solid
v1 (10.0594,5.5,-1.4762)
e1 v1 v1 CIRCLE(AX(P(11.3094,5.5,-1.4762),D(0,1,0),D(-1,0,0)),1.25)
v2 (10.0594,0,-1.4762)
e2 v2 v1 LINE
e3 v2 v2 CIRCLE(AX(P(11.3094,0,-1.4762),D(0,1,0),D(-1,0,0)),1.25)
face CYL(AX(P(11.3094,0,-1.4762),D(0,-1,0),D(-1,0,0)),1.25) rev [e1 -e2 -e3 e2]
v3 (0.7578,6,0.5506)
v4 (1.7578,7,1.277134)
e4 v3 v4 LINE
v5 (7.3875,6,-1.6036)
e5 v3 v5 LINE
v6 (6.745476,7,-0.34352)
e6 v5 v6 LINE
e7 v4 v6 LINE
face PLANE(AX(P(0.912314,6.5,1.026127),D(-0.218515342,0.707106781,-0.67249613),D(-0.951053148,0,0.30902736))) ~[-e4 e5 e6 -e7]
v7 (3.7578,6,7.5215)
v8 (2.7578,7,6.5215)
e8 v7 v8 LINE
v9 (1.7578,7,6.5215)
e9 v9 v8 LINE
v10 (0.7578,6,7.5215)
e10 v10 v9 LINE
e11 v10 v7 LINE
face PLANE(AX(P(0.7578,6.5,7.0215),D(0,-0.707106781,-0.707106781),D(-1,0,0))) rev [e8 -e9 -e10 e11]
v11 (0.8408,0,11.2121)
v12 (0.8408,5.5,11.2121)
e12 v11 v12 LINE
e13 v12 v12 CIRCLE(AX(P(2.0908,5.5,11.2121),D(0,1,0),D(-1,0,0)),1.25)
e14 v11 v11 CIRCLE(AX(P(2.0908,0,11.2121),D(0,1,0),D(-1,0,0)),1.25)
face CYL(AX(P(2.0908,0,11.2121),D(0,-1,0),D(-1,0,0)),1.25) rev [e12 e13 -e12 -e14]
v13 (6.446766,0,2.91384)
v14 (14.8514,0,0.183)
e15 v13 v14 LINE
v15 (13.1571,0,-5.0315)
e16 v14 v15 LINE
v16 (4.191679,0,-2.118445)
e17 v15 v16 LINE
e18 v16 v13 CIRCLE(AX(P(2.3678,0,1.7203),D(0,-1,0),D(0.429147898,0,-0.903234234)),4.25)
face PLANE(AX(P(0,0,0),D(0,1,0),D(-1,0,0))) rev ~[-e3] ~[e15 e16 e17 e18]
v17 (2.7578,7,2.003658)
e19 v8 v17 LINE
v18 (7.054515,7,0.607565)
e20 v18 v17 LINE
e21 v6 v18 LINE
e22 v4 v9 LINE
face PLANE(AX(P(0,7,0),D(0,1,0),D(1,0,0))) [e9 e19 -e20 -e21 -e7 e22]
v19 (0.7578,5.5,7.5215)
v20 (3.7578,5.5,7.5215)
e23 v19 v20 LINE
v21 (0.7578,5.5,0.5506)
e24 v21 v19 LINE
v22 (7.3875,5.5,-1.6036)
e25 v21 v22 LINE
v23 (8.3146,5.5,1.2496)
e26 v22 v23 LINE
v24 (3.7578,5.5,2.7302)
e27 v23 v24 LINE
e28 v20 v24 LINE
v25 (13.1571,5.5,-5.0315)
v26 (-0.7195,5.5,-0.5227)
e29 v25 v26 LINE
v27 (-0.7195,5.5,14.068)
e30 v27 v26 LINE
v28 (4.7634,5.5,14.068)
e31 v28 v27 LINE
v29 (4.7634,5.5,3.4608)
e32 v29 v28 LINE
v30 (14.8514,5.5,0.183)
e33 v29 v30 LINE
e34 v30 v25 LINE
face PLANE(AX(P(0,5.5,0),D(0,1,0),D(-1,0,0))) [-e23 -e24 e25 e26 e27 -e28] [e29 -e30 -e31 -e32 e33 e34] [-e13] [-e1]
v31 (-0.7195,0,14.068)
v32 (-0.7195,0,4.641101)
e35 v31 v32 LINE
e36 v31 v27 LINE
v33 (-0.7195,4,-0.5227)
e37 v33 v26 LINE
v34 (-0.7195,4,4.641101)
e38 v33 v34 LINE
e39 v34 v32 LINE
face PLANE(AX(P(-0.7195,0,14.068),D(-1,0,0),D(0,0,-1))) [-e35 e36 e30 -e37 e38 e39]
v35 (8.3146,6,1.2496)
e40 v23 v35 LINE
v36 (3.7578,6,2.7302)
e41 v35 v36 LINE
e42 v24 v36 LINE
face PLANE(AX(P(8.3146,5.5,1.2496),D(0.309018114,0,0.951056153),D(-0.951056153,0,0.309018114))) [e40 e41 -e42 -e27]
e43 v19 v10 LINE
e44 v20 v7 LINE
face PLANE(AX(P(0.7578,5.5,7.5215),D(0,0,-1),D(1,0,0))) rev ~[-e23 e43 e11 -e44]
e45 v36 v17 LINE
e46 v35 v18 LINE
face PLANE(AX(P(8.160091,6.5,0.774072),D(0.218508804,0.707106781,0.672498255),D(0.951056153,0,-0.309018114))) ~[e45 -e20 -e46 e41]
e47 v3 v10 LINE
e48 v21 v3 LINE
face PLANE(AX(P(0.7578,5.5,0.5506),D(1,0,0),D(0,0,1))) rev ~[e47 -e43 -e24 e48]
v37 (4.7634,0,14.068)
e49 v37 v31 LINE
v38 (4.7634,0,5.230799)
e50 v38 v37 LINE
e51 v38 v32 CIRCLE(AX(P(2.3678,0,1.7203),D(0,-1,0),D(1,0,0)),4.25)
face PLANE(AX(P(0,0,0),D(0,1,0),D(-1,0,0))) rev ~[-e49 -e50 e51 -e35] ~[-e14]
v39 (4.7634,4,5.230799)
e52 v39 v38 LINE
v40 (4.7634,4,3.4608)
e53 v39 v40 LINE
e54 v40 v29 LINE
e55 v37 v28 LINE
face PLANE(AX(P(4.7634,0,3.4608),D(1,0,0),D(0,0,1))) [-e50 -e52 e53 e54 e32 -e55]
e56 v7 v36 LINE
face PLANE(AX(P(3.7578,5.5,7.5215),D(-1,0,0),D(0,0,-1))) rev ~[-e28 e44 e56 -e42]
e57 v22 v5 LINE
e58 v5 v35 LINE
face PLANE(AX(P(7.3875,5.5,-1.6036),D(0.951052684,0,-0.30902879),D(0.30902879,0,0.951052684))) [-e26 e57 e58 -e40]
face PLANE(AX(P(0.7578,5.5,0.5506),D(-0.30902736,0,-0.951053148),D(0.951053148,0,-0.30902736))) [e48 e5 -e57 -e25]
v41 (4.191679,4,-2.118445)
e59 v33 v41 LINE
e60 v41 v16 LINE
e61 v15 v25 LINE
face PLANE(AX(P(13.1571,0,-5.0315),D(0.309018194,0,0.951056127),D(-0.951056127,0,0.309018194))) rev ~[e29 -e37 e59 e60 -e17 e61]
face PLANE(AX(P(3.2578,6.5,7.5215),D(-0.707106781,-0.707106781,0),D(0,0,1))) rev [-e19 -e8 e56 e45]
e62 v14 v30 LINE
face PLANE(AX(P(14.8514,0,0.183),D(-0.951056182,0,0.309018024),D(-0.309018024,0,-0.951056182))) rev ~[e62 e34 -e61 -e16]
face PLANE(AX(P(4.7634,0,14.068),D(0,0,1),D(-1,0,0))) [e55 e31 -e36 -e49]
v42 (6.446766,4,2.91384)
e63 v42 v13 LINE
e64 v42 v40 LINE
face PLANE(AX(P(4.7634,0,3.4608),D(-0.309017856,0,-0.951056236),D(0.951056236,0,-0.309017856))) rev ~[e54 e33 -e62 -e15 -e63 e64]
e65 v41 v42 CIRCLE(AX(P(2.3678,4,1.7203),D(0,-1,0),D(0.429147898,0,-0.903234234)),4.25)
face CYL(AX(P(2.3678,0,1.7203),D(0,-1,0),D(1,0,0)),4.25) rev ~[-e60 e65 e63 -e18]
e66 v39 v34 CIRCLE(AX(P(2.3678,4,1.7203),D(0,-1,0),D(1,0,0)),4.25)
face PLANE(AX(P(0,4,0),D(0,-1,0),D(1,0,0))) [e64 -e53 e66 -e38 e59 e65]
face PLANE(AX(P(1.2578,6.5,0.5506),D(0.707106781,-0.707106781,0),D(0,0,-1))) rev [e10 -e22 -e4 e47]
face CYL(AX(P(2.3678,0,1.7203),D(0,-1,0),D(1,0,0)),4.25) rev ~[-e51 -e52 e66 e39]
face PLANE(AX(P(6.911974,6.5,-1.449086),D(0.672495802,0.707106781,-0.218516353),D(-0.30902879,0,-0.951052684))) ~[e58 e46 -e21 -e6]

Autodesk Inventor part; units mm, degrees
ref_plane "YZ Plane" through (0, 0, 0) normal (1, 0, 0) x (0, 1, 0)
ref_plane "XZ Plane" through (0, 0, 0) normal (0, 1, 0) x (-1, 0, 0)
ref_plane "XY Plane" through (0, 0, 0) normal (0, 0, 1) x (1, 0, 0)
sketch "草图1" plane through (0, 0, 0) normal (0, 1, 0) x (-1, 0, 0)
  circle A0 centre (-11.3094, -1.4762) radius 1.25
  circle A1 centre (-2.0908, 11.2121) radius 1.25
  line L0 (-5.7974, 4.2121) -> (1.6092, -1.1691) construction
  line L1 (0.7195, 14.068) -> (0.7195, -0.5227)
  line L2 (-4.7634, 3.4608) -> (-4.7634, 14.068)
  line L3 (-4.7634, 14.068) -> (0.7195, 14.068)
  line L4 (-4.7634, 3.4608) -> (-14.8514, 0.183)
  line L5 (-14.8514, 0.183) -> (-13.1571, -5.0315)
  line L6 (-13.1571, -5.0315) -> (0.7195, -0.5227)
  point P0 (0, 0)
  dimension "d0" = 2.5
extrude "拉伸1" add sketch "草图1" along normal blind 5.5
sketch "草图3" plane through (0, 0, 0) normal (0, -1, 0) x (1, 0, 0)
  line L0 (-0.7195, -0.5227) -> (-0.7195, 14.068) construction
  line L1 (4.7634, 14.068) -> (4.7634, 3.4608) construction
  line L2 (-0.7195, -0.5227) -> (4.7634, 3.4608) construction
  circle A0 centre (2.0908, 11.2121) radius 1.25 construction
  circle A1 centre (11.3094, -1.4762) radius 1.25 construction
  line L3 (-0.7195, -0.5227) -> (-0.7195, 14.068) construction
  line L4 (13.1571, -5.0315) -> (-0.7195, -0.5227) construction
  line L5 (14.8514, 0.183) -> (13.1571, -5.0315) construction
  line L6 (4.7634, 3.4608) -> (14.8514, 0.183) construction
  line L7 (4.7634, 14.068) -> (4.7634, 3.4608) construction
  line L8 (-0.7195, 14.068) -> (4.7634, 14.068) construction
  circle A2 centre (2.3678, 1.7203) radius 4.25
  point P0 (0, 0)
  dimension "d7" = 8.5
extrude "拉伸2" cut sketch "草图3" against normal blind 4
sketch "草图5" plane through (0, 5.5, 0) normal (0, 1, 0) x (1, 0, 0)
  line L0 (-0.7195, 0.5227) -> (4.7634, -3.4608)
  line L1 (0.7578, -0.5506) -> (0.7578, -7.5215)
  line L2 (0.7578, -7.5215) -> (3.7578, -7.5215)
  line L3 (3.7578, -7.5215) -> (3.7578, -2.7302)
  line L4 (0.7578, -0.5506) -> (7.3875, 1.6036)
  line L5 (7.3875, 1.6036) -> (8.3146, -1.2496)
  line L6 (8.3146, -1.2496) -> (3.7578, -2.7302)
  circle A0 centre (2.0908, -11.2121) radius 1.25 construction
  point P0 (0, 0)
  dimension "d15" = 7.3812
extrude "拉伸3" add sketch "草图5" along normal blind 1.5
chamfer "倒角1" distance 1 angle 45 6 edges at (2.2578, 7, 7.5215) (3.7578, 7, 5.1258) (6.0362, 7, 1.9899) (7.851, 7, -0.177) (4.0727, 7, -0.5265) (0.7578, 7, 4.036)
sketch "草图6" plane through (0, 5.5, 0) normal (0, 1, 0) x (1, 0, 0)
  point P0 (0, 0)
properties part number "鸦片下"
